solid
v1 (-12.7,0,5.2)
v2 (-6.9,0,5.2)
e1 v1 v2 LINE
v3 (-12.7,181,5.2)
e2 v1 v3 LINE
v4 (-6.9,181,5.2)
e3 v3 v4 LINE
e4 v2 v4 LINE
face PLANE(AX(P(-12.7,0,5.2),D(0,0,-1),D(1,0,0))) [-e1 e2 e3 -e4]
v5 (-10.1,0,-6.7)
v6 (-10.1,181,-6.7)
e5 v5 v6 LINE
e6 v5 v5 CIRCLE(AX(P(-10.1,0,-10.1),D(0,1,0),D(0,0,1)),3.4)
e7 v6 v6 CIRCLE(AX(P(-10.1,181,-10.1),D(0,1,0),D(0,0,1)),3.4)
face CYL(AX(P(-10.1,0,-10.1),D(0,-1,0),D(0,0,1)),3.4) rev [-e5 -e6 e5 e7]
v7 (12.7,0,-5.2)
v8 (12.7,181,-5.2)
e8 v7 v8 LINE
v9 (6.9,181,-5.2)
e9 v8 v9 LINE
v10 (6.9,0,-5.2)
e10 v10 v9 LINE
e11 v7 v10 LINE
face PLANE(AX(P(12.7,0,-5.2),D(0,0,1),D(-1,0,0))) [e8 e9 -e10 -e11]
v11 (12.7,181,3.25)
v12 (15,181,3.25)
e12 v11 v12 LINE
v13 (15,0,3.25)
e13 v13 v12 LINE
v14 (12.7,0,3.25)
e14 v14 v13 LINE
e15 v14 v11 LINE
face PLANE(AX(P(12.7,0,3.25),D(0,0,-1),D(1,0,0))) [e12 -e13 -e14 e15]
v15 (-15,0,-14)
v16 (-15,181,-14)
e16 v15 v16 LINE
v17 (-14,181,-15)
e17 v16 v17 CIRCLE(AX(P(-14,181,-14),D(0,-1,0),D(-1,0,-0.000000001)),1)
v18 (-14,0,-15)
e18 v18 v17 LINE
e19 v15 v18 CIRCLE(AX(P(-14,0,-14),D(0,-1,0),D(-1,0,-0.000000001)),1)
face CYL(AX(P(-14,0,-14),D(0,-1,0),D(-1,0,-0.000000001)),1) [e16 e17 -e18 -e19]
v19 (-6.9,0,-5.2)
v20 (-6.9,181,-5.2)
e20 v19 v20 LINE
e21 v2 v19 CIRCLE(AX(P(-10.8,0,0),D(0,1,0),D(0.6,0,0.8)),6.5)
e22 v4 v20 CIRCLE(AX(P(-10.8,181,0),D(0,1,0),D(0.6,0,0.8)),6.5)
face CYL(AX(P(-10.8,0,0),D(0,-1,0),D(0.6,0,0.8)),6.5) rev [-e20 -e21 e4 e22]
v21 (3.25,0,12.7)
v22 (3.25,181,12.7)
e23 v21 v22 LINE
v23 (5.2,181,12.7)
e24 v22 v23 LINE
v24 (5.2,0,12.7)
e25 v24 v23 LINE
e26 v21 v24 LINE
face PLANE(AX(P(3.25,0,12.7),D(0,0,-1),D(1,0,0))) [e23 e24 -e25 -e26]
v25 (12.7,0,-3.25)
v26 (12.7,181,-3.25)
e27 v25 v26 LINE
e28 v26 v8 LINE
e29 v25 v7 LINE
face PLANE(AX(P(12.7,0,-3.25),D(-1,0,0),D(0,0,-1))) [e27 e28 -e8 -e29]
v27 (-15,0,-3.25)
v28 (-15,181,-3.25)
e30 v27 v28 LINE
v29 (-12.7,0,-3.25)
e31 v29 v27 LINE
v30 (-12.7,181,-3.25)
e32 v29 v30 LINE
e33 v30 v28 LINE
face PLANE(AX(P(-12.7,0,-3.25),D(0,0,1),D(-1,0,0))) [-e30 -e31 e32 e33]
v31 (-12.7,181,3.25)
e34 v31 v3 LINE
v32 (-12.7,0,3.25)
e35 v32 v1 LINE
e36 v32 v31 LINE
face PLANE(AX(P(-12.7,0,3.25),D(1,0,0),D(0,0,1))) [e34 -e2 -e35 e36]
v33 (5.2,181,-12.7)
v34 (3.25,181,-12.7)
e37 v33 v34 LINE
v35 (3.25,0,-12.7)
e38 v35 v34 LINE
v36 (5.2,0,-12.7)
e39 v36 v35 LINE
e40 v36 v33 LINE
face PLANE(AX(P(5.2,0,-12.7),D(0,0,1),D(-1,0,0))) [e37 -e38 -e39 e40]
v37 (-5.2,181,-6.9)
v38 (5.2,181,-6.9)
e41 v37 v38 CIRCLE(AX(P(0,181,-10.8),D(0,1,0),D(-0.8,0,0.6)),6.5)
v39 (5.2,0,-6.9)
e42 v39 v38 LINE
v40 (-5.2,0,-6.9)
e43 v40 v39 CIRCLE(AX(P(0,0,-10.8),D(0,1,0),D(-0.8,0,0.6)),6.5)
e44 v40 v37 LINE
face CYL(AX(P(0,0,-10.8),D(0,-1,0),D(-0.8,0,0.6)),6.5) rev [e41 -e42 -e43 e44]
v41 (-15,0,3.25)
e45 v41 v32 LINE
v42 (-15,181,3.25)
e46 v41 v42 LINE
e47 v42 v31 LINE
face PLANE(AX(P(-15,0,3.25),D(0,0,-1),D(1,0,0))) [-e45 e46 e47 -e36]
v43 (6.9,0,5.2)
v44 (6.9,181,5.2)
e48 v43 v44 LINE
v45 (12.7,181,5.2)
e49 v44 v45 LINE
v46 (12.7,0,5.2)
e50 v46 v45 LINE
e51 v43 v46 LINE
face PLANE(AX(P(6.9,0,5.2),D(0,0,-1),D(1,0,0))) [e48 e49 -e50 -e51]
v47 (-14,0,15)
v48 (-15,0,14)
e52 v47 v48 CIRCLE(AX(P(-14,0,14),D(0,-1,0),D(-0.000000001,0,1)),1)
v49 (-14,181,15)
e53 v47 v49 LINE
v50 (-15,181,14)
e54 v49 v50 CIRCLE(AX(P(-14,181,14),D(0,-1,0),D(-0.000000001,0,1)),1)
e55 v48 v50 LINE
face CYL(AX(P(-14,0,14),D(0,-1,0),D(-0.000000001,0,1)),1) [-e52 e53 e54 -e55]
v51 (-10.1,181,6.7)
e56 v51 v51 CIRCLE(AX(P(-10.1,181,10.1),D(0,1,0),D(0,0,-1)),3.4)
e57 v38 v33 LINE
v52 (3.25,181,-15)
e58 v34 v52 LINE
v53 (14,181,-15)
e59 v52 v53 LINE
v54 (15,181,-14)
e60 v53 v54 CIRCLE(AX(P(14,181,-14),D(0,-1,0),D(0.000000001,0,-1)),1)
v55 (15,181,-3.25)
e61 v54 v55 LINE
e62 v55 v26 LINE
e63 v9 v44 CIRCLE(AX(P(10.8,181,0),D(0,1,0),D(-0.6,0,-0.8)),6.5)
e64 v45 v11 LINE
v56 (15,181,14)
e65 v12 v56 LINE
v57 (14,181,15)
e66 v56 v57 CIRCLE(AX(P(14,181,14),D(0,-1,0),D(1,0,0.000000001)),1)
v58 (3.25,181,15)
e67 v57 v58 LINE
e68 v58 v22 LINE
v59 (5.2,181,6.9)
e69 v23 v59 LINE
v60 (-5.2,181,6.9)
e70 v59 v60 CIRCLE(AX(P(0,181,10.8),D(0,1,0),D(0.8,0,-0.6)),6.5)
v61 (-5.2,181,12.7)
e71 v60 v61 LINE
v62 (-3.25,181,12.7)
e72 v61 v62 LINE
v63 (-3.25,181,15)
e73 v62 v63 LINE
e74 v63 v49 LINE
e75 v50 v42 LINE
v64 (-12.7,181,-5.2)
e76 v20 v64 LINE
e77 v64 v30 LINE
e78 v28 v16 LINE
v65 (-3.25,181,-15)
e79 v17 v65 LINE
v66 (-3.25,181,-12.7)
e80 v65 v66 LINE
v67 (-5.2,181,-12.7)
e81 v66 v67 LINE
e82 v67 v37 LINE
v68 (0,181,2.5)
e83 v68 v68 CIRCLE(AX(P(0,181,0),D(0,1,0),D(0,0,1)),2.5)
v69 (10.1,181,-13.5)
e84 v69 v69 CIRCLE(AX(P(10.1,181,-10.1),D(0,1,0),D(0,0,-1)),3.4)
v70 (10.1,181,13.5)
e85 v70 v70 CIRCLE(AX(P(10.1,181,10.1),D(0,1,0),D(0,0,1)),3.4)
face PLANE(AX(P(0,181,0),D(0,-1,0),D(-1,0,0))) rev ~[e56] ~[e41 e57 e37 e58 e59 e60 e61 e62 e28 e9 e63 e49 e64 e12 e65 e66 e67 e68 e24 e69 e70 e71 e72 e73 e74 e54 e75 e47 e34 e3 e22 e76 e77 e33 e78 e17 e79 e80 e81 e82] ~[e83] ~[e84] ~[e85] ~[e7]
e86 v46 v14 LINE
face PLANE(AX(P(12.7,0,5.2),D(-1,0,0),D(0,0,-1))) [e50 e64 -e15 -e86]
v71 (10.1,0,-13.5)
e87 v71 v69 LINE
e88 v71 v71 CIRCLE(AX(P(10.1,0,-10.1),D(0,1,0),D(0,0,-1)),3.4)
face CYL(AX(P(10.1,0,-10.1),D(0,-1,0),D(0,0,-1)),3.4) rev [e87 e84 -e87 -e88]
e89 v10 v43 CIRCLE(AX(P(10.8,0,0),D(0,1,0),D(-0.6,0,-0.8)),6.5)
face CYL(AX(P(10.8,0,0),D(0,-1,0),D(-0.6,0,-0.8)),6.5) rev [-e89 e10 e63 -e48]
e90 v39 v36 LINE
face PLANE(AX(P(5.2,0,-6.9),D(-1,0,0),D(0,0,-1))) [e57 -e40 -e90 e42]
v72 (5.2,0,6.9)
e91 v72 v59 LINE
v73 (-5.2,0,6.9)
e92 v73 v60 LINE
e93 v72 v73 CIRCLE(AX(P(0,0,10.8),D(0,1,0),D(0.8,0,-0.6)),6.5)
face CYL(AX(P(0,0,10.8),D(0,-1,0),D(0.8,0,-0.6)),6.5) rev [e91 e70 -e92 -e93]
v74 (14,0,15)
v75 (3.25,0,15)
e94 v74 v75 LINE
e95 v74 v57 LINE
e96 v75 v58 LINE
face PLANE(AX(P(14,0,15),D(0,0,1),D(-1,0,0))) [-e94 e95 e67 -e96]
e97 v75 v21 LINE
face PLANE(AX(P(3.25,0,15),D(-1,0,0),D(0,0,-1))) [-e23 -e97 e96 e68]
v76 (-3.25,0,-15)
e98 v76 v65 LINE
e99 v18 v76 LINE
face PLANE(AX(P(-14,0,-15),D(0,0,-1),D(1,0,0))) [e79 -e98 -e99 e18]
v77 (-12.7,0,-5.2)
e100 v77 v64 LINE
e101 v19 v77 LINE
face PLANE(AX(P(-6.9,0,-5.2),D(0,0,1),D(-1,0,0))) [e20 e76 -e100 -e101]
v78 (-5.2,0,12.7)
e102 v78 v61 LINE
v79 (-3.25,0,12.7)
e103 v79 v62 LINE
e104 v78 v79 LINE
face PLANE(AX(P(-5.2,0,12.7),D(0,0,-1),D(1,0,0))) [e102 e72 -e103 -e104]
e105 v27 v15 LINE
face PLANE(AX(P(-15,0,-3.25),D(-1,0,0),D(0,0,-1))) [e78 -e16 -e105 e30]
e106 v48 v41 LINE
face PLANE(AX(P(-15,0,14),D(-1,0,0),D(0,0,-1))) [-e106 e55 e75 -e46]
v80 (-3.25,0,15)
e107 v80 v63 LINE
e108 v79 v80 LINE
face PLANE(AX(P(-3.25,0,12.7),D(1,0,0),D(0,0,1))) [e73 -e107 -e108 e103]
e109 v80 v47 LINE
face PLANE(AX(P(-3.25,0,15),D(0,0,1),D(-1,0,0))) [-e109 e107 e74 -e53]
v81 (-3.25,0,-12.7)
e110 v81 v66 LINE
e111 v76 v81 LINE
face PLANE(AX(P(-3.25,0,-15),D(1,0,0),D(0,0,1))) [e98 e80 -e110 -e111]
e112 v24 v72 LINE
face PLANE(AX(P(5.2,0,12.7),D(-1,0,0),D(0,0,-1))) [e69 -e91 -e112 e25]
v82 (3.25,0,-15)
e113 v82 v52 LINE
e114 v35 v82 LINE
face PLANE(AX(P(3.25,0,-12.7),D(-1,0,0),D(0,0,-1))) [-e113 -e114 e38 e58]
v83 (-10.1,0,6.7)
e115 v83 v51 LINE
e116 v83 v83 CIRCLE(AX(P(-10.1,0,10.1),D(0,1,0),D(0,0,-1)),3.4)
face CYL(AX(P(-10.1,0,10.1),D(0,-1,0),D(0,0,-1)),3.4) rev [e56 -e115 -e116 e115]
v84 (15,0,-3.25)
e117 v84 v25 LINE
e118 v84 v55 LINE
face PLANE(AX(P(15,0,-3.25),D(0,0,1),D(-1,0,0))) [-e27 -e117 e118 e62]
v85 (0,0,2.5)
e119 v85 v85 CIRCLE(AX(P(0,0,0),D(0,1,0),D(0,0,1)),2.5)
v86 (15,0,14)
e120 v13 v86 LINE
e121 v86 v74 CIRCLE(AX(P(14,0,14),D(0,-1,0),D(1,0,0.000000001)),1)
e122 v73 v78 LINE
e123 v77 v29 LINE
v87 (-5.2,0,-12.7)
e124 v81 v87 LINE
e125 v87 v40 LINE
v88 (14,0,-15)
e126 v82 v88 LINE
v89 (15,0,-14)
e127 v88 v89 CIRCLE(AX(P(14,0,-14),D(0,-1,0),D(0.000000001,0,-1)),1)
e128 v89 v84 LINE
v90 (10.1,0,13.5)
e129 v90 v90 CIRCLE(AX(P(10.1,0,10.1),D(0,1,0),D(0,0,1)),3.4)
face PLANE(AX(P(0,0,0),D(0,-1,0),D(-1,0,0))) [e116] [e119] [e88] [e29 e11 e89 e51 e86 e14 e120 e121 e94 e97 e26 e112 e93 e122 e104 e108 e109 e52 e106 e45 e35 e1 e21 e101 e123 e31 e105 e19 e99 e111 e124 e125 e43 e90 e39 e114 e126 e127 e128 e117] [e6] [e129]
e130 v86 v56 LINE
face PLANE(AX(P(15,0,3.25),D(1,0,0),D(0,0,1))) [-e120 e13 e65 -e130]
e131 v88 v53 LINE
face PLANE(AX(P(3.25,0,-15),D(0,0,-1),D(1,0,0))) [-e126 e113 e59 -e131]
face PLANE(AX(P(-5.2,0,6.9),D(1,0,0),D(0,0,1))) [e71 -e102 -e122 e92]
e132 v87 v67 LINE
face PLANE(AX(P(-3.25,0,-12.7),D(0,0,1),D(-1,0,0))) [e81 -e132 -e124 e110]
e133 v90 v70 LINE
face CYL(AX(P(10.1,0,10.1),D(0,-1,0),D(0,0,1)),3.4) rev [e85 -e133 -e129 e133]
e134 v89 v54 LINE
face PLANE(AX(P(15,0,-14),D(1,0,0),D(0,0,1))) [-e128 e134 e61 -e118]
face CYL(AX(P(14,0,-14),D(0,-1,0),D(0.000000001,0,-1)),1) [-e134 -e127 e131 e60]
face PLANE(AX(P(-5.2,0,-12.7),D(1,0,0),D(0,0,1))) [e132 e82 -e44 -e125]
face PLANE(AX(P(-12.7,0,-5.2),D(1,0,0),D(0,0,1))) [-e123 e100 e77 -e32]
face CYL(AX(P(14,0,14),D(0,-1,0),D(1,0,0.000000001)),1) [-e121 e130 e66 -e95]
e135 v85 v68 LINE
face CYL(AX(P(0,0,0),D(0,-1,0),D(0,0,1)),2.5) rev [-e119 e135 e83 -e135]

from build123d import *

# Parameters (mm, degrees)
SKETCH_1_R      = 2.5
SKETCH_1_R_2    = 3.4
EXTRUDE_1_DEPTH = 181


with BuildPart() as part:
    # 草图1 → 凸台-拉伸1 (new body)
    with BuildSketch(Plane(origin=(0, 0, 0), x_dir=(1, 0, 0), z_dir=(0, 1, 0))):
        with BuildLine():
            Line((-14, 15), (-3.25, 15))
            Line((-3.25, 15), (-3.25, 12.7))
            Line((-3.25, 12.7), (-5.2, 12.7))
            Line((-5.2, 12.7), (-5.2, 6.9))
            ThreePointArc((-5.2, 6.9), (0, 4.3), (5.2, 6.9))
            Line((5.2, 6.9), (5.2, 12.7))
            Line((5.2, 12.7), (3.25, 12.7))
            Line((3.25, 12.7), (3.25, 15))
            Line((3.25, 15), (14, 15))
            ThreePointArc((14, 15), (14.707106781, 14.707106781), (15, 14))
            Line((15, 14), (15, 3.25))
            Line((15, 3.25), (12.7, 3.25))
            Line((12.7, 3.25), (12.7, 5.2))
            Line((12.7, 5.2), (6.9, 5.2))
            ThreePointArc((6.9, 5.2), (4.3, 0), (6.9, -5.2))
            Line((6.9, -5.2), (12.7, -5.2))
            Line((12.7, -5.2), (12.7, -3.25))
            Line((12.7, -3.25), (15, -3.25))
            Line((15, -3.25), (15, -14))
            ThreePointArc((15, -14), (14.707106781, -14.707106781), (14, -15))
            Line((14, -15), (3.25, -15))
            Line((3.25, -15), (3.25, -12.7))
            Line((3.25, -12.7), (5.2, -12.7))
            Line((5.2, -12.7), (5.2, -6.9))
            ThreePointArc((5.2, -6.9), (0, -4.3), (-5.2, -6.9))
            Line((-5.2, -6.9), (-5.2, -12.7))
            Line((-5.2, -12.7), (-3.25, -12.7))
            Line((-3.25, -12.7), (-3.25, -15))
            Line((-3.25, -15), (-14, -15))
            ThreePointArc((-14, -15), (-14.707106781, -14.707106781), (-15, -14))
            Line((-15, -14), (-15, -3.25))
            Line((-15, -3.25), (-12.7, -3.25))
            Line((-12.7, -3.25), (-12.7, -5.2))
            Line((-12.7, -5.2), (-6.9, -5.2))
            ThreePointArc((-6.9, -5.2), (-4.3, 0), (-6.9, 5.2))
            Line((-6.9, 5.2), (-12.7, 5.2))
            Line((-12.7, 5.2), (-12.7, 3.25))
            Line((-12.7, 3.25), (-15, 3.25))
            Line((-15, 3.25), (-15, 14))
            ThreePointArc((-15, 14), (-14.707106781, 14.707106781), (-14, 15))
        make_face()
        with Locations(Location((0, 0, 0), (0, 0, 270))):
            Circle(SKETCH_1_R, mode=Mode.SUBTRACT)
        with Locations(Location((-10.1, 10.1, 0), (0, 0, 270))):
            Circle(SKETCH_1_R_2, mode=Mode.SUBTRACT)
        with Locations(Location((10.1, 10.1, 0), (0, 0, 90))):
            Circle(SKETCH_1_R_2, mode=Mode.SUBTRACT)
        with Locations(Location((10.1, -10.1, 0), (0, 0, 270))):
            Circle(SKETCH_1_R_2, mode=Mode.SUBTRACT)
        with Locations(Location((-10.1, -10.1, 0), (0, 0, 90))):
            Circle(SKETCH_1_R_2, mode=Mode.SUBTRACT)
    extrude(amount=EXTRUDE_1_DEPTH)


solid = part.part
